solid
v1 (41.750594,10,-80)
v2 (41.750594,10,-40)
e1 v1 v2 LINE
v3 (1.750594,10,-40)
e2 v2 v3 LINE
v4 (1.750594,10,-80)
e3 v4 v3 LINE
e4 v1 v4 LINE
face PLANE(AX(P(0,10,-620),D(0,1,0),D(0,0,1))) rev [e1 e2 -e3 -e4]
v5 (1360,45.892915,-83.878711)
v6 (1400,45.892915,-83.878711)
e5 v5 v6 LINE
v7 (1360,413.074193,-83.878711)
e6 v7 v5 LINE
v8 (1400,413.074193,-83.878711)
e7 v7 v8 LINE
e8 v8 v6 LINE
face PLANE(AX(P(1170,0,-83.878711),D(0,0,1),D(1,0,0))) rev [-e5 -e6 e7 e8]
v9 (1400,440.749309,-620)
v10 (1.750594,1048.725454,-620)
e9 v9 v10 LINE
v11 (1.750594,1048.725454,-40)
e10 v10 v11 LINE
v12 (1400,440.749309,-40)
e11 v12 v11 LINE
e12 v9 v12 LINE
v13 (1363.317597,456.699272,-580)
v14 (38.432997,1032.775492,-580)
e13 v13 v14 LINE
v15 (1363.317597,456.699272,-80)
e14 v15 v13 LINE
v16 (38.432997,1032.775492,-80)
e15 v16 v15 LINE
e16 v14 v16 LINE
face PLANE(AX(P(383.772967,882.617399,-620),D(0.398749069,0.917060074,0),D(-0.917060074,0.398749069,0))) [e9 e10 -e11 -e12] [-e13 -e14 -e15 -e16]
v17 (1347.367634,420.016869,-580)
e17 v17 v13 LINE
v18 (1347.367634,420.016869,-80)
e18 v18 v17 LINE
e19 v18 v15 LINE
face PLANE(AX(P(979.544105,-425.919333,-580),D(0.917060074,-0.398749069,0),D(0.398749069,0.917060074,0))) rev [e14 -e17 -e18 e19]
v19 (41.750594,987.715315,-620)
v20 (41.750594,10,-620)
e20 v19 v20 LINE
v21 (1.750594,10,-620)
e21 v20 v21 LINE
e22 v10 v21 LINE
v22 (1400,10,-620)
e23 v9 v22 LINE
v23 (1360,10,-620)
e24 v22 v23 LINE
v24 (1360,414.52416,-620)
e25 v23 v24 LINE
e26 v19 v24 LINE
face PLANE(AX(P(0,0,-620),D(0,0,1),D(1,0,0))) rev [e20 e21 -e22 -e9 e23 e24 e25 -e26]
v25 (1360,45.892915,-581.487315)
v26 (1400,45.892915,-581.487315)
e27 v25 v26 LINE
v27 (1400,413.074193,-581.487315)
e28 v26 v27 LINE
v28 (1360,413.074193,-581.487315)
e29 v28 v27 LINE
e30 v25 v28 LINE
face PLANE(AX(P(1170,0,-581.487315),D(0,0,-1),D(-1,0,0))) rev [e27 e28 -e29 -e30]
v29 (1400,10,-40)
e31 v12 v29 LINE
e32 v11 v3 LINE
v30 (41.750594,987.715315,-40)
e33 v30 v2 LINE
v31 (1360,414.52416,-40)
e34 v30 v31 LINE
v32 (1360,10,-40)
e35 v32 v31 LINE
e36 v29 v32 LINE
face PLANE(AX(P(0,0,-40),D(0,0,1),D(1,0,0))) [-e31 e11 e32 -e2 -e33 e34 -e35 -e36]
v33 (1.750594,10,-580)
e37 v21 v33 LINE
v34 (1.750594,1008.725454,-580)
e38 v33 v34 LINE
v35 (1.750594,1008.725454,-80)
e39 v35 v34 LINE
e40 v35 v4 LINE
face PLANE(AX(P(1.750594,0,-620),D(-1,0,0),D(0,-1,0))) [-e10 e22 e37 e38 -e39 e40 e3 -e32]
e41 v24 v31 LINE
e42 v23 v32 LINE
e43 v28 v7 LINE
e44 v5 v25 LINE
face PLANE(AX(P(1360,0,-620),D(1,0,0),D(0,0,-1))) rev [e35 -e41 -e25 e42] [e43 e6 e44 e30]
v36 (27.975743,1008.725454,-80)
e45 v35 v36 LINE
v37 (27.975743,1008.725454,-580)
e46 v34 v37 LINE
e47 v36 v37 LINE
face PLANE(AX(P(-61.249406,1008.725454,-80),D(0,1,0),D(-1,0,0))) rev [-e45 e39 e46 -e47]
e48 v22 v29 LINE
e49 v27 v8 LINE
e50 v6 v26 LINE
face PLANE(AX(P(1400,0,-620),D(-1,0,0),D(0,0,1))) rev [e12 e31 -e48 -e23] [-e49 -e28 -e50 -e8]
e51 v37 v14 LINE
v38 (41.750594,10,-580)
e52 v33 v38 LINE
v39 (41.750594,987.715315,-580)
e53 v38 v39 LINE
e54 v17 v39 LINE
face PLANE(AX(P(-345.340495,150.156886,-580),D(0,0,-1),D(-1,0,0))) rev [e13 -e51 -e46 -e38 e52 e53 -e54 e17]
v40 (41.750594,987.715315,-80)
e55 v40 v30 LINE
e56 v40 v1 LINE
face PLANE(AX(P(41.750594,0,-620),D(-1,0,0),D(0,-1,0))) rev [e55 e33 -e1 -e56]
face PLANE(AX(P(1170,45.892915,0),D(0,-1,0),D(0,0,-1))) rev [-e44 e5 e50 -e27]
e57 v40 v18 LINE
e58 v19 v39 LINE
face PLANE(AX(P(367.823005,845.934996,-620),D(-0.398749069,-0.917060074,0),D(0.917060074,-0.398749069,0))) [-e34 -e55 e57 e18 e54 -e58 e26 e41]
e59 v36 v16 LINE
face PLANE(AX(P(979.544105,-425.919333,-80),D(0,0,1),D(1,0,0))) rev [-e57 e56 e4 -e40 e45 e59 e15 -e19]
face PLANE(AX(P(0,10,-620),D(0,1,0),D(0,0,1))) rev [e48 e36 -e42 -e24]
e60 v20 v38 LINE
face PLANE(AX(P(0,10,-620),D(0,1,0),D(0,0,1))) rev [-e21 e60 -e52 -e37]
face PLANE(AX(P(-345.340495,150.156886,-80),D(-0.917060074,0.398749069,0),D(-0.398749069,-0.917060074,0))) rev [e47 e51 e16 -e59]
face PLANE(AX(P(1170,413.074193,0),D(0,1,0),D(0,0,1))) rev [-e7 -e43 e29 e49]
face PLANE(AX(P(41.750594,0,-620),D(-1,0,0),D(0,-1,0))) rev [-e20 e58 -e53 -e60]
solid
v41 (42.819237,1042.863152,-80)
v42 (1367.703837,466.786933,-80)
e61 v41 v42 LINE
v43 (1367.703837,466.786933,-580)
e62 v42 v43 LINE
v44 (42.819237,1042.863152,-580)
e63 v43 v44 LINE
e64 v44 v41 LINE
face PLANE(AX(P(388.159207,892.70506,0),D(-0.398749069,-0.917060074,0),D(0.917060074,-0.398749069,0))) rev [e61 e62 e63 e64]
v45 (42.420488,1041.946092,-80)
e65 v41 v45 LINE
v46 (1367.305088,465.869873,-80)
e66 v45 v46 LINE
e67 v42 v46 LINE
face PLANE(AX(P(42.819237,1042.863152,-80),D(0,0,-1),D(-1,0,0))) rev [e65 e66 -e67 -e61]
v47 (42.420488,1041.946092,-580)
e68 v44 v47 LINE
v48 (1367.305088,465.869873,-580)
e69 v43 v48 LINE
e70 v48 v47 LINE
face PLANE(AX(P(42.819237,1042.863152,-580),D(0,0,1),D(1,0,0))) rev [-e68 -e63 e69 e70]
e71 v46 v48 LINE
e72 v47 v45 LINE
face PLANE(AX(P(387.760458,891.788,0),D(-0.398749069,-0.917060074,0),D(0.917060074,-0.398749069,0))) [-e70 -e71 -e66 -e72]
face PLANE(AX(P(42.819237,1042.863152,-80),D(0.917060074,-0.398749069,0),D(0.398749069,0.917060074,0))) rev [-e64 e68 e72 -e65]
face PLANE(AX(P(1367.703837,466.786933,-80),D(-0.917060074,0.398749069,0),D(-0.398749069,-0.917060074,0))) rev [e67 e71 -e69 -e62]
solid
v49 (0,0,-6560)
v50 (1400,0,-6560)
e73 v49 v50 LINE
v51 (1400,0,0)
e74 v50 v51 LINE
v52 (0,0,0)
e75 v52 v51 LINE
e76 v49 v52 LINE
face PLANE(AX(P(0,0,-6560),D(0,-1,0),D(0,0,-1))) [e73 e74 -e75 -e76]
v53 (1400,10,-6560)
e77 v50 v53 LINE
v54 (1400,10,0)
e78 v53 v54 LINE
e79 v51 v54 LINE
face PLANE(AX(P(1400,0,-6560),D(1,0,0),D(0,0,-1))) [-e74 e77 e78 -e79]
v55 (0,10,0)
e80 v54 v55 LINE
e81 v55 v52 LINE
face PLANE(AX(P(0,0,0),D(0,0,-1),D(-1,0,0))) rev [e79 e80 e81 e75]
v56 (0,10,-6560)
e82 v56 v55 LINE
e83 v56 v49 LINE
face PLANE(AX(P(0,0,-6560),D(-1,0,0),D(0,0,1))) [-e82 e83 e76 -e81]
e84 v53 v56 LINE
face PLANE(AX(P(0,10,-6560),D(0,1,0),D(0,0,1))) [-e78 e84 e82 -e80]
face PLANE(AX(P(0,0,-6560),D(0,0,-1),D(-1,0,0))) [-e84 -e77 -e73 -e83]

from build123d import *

# Parameters (mm, degrees)
SKETCH_1_W          = 1400
SKETCH_1_H          = 10
EXTRUDE_1_DEPTH     = 6560
EXTRUDE_START       = -40
EXTRUDE_2_DEPTH     = 580
CUT_EXTRUDE_START   = -962.442291
SKETCH_3_W          = 1444.708625949
SKETCH_3_H          = 500
CUT_EXTRUDE_2_DEPTH = 962.442291
SKETCH_4_W          = 497.60860418
SKETCH_4_H          = 367.181277729
CUT_EXTRUDE_3_DEPTH = 230
SKETCH_5_W          = 500
SKETCH_5_H          = 958.72545439
CUT_EXTRUDE_5_DEPTH = 103
SKETCH_6_W          = 1444.708625949
SKETCH_6_H          = 500
EXTRUDE_3_DEPTH     = 1


with BuildPart() as part:
    # 草圖1 → 填料-伸長1 (new body)
    with BuildSketch(Plane.XY):
        with Locations((700, 5)):
            Rectangle(SKETCH_1_W, SKETCH_1_H)
    extrude(amount=-EXTRUDE_1_DEPTH)


with BuildPart() as body_2:
    # 草圖2 → 填料-伸長2 (new body)
    with BuildSketch(Plane.XY.offset(EXTRUDE_START)):
        Polygon((1400, 10), (1400, 440.749309411), (299.527910738, 919.248192121), (1.750594072, 1048.72545439), (1.750594072, 10), (41.750594072, 10), (41.750594072, 987.715315229), (1360, 414.524160247), (1360, 10), align=None)
    extrude(amount=-EXTRUDE_2_DEPTH)

    # 草圖3 → 除料-伸長2 (cut)
    with BuildSketch(Plane(origin=(383.772967418, 882.617398947, 0), x_dir=(0.9170600743851266, -0.3987490689252403, 0), z_dir=(0.3987490689252403, 0.9170600743851266, 0)).offset(CUT_EXTRUDE_START)):
        with Locations((345.781414408, 330)):
            Rectangle(SKETCH_3_W, SKETCH_3_H)
    extrude(amount=CUT_EXTRUDE_2_DEPTH, mode=Mode.SUBTRACT)

    # 草圖4 → 除料-伸長3 (cut)
    with BuildSketch(Plane(origin=(1400, 0, 0), x_dir=(0, 0, -1), z_dir=(1, 0, 0))):
        with Locations((332.683013296, 229.483554348)):
            Rectangle(SKETCH_4_W, SKETCH_4_H)
    extrude(amount=-CUT_EXTRUDE_3_DEPTH, mode=Mode.SUBTRACT)

    # 草圖5 → 除料-伸長5 (cut)
    with BuildSketch(Plane(origin=(41.750594072, 0, 0), x_dir=(0, 0, -1), z_dir=(1, 0, 0))):
        with Locations((330, 529.362727195)):
            Rectangle(SKETCH_5_W, SKETCH_5_H)
    extrude(amount=-CUT_EXTRUDE_5_DEPTH, mode=Mode.SUBTRACT)


with BuildPart() as body_3:
    # 草圖6 → 填料-伸長3 (new body)
    with BuildSketch(Plane(origin=(387.760458107, 891.787999691, 0), x_dir=(0.9170600743851266, -0.3987490689252403, 0), z_dir=(0.3987490689252403, 0.9170600743851266, 0))):
        with Locations((345.781414408, 330)):
            Rectangle(SKETCH_6_W, SKETCH_6_H)
    extrude(amount=EXTRUDE_3_DEPTH)


solid = Compound([part.part, body_2.part, body_3.part])
